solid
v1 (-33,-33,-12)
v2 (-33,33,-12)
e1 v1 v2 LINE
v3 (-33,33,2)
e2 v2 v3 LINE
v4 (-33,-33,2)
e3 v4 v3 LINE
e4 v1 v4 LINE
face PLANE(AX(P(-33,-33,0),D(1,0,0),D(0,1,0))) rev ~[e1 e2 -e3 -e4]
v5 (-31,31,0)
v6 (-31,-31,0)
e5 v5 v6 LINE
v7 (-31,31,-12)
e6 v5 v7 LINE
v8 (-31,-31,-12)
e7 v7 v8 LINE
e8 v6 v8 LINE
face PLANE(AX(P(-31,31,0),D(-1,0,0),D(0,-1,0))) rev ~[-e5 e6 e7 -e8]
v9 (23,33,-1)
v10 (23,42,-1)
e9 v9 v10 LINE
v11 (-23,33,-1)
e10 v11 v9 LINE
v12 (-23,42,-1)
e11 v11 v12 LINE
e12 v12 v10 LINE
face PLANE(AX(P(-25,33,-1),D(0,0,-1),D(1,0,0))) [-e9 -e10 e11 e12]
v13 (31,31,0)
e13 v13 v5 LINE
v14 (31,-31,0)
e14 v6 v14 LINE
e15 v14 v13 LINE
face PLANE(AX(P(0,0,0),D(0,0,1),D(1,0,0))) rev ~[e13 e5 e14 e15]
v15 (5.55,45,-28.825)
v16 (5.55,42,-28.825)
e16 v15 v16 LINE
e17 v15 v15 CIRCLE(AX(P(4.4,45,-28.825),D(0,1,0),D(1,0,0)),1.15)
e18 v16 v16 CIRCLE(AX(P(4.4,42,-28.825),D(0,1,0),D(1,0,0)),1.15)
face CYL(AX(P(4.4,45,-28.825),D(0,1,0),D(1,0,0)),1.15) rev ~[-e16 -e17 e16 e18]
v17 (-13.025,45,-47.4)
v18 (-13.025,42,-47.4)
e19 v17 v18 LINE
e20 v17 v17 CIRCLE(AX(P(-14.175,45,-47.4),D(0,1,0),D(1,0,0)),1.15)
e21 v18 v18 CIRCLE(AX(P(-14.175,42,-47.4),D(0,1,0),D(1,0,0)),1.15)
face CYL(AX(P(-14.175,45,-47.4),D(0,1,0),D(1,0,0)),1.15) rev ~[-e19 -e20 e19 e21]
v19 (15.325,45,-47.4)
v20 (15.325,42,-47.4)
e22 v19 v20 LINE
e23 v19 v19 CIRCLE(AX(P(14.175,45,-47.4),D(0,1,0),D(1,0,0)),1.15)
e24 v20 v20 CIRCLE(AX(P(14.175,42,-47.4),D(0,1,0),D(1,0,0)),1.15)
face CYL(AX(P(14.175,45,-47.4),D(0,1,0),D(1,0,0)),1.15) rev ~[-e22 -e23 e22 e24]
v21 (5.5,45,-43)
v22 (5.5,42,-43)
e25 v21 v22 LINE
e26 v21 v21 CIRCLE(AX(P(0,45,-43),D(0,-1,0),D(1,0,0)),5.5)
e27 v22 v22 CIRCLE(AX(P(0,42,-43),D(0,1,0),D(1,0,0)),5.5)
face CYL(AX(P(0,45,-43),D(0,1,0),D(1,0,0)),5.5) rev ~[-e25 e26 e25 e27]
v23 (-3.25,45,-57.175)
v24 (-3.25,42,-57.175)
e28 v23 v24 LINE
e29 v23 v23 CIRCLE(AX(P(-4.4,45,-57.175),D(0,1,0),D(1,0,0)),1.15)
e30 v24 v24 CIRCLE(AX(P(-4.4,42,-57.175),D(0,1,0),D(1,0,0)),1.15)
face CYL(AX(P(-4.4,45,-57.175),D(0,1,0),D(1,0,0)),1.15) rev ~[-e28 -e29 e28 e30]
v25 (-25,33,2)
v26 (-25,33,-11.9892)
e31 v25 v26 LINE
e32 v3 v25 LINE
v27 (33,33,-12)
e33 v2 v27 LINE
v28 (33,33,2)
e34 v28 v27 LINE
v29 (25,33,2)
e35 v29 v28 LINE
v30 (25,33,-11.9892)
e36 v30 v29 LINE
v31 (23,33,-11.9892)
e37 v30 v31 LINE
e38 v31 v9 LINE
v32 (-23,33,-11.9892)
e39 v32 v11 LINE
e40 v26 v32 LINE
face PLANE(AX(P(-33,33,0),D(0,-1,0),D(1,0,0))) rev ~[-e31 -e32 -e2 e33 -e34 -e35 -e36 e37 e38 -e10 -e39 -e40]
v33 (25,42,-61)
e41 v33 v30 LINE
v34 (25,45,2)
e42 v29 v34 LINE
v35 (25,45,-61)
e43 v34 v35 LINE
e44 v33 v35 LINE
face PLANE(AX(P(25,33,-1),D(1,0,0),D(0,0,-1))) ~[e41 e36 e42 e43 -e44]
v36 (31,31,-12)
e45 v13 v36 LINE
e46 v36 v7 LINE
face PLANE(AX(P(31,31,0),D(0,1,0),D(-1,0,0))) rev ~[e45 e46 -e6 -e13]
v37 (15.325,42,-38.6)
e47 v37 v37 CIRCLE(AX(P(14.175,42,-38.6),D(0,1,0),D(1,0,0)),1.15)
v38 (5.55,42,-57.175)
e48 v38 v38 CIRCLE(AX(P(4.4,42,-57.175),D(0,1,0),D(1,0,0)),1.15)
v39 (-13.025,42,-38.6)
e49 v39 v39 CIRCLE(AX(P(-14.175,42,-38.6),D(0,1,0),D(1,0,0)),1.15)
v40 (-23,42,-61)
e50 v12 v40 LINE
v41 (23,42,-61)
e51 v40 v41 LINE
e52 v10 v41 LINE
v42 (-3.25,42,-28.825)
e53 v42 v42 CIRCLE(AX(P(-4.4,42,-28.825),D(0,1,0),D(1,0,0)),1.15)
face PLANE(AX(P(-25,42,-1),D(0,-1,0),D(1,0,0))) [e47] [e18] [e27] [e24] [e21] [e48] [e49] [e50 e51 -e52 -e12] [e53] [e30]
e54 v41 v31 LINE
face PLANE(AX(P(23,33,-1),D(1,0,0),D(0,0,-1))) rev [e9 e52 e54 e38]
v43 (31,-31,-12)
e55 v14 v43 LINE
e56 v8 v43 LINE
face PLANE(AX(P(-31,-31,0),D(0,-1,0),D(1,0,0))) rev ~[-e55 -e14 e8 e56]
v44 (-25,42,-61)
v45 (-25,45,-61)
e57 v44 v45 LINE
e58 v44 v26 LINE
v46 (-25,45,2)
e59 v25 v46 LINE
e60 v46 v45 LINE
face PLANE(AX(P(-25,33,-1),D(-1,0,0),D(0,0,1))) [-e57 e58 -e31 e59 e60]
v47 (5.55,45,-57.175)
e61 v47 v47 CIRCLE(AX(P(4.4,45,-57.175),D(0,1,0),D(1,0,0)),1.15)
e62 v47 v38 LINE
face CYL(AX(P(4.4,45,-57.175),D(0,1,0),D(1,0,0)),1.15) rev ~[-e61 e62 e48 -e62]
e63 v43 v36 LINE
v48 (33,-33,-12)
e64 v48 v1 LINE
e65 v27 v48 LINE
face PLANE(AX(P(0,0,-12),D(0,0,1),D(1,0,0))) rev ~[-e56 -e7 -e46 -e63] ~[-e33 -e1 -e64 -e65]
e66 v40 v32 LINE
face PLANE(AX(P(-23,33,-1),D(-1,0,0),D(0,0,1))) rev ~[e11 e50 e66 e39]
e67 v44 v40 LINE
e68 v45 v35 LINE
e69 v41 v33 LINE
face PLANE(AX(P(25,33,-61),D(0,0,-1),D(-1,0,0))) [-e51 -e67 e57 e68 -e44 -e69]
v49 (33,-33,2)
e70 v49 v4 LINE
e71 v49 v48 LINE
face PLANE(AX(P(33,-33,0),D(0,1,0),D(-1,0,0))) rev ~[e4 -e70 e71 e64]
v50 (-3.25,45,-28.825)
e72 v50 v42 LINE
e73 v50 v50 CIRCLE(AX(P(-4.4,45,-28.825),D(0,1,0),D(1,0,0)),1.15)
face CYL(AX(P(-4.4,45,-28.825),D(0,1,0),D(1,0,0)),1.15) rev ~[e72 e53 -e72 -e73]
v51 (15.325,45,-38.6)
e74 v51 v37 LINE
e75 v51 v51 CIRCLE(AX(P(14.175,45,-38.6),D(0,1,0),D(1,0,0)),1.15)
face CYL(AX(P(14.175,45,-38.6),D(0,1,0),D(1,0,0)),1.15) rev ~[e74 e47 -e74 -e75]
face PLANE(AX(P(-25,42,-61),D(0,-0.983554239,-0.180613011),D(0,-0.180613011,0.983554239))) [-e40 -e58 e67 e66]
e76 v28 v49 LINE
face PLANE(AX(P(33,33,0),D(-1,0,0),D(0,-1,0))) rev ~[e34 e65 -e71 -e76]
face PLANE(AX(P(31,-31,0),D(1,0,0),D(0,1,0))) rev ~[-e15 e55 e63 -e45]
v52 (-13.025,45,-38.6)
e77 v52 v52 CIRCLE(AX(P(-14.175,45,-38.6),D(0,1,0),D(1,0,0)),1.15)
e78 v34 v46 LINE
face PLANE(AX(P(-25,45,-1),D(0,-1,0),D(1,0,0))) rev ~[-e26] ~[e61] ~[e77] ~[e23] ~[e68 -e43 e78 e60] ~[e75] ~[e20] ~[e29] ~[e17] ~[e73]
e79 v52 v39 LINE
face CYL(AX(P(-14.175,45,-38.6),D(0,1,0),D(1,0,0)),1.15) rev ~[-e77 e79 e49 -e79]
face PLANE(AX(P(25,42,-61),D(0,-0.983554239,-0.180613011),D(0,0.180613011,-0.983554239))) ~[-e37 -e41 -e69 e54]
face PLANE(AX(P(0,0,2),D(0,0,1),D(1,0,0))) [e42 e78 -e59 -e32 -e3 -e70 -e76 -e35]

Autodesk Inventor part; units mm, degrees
ref_plane "YZ Plane" through (0, 0, 0) normal (1, 0, 0) x (0, 1, 0)
ref_plane "XZ Plane" through (0, 0, 0) normal (0, 1, 0) x (-1, 0, 0)
sketch "Sketch1" plane through (0, 0, 0) normal (0, 0, 1) x (1, 0, 0)
  line L0 (-31, -31) -> (31, -31)
  line L1 (31, -31) -> (31, 31)
  line L2 (31, 31) -> (-31, 31)
  line L3 (-31, 31) -> (-31, -31)
  line L4 (-31, -31) -> (31, 31) construction
  line L5 (31, -31) -> (-31, 31) construction
  line L6 (-33, 33) -> (33, 33)
  line L7 (33, 33) -> (33, -33)
  line L8 (33, -33) -> (-33, -33)
  line L9 (-33, -33) -> (-33, 33)
  point P0 (0, 0)
  dimension "d0" = 62
  dimension "d1" = 62
  dimension "d2" = 2
extrude "Extrusion1" add sketch "Sketch1" along normal blind 2 contours L3 L2 L1 L0 | L6 L7 L8 L9
extrude "Extrusion2" add sketch "Sketch1" against normal blind 12
sketch "Sketch2" plane through (-33, 33, 2) normal (0, 1, 0) x (1, 0, 0)
  line L0 (8, 3) -> (58, 3)
  line L1 (58, 3) -> (58, 0)
  line L2 (58, 0) -> (8, 0)
  line L3 (8, 0) -> (8, 3)
  line L4 (0, 14) -> (0, 0) projected
  line L5 (0, 14) -> (66, 14) projected
  point P0 (33, 2)
  dimension "d7" = 50
  dimension "d8" = 3
  dimension "d9" = 8
  dimension "d10" = 11
extrude "Extrusion3" add sketch "Sketch2" along normal blind 12
sketch "Sketch3" plane through (25, 33, -1) normal (0, 0, -1) x (-1, 0, 0)
  line L0 (50, 12) -> (0, 12) projected
  line L1 (50, 0) -> (50, 12) projected
  line L2 (0, 12) -> (50, 12)
  line L3 (50, 12) -> (50, 9)
  line L4 (50, 9) -> (0, 9)
  line L5 (0, 9) -> (0, 12)
  point P0 (25, -33)
  dimension "d13" = 3
extrude "Extrusion4" add sketch "Sketch3" along normal blind 60
sketch "Sketch8" plane through (-25, 33, -1) normal (-1, 0, 0) x (0, 0, 1)
  line L0 (0, 9) -> (-60, 9) projected
  line L1 (0, 9) -> (-60, 9)
  line L2 (-60, 9) -> (-60, 0)
  line L3 (-60, 0) -> (0, 0)
  line L4 (0, 0) -> (0, 9)
  line L5 (-60, 9) -> (-10.9892, 0)
  point P0 (1, -33)
  dimension "d43" = 9
extrude "Extrusion9" add sketch "Sketch8" against normal blind 2 contours L4 L3 L5 L0
ref_plane "Work Plane1" through (0, 33, 2) normal (1, 0, 0) x (0, 0, -1)
mirror "Mirror1" about plane through (0, 33, 2) normal (1, 0, 0) of "Extrusion9"
sketch "Sketch9" plane through (-33, 45, 2) normal (0, 1, 0) x (1, 0, 0)
  circle A0 centre (33, 45) radius 5.5
  circle A1 centre (33, 45) radius 6.45
  circle A2 centre (14.625, 45) radius 2.125
  circle A3 centre (51.375, 45) radius 2.125
  line L0 (14.279, 47.0966) -> (28.2925, 49.4093)
  line L1 (14.2406, 42.9101) -> (28.6201, 40.2652)
  line L2 (51.7217, 47.0965) -> (37.702, 49.4152)
  line L3 (51.7594, 42.9101) -> (37.3799, 40.2652)
  line L4 (33, 45) -> (51.375, 45)
  line L5 (33, 45) -> (14.625, 45)
  circle A4 centre (18.825, 40.6) radius 1.15
  circle A5 centre (47.175, 49.4) radius 1.15
  circle A6 centre (47.175, 45.2183) radius 1.15
  circle A7 centre (18.825, 49.4) radius 1.15
  circle A8 centre (28.6, 30.825) radius 1.15
  circle A9 centre (37.4, 30.825) radius 1.15
  circle A10 centre (32.7817, 59.175) radius 1.15
  circle A11 centre (28.6, 59.175) radius 1.15
  circle A12 centre (47.175, 40.6) radius 1.15
  circle A13 centre (47.175, 49.4) radius 1.15
  circle A14 centre (18.825, 44.7817) radius 1.15
  circle A15 centre (18.825, 40.6) radius 1.15
  circle A16 centre (37.4, 59.175) radius 1.15
  circle A17 centre (28.6, 59.175) radius 1.15
  circle A18 centre (33.2183, 30.825) radius 1.15
  circle A19 centre (37.4, 30.825) radius 1.15
  line L6 (8, 0) -> (58, 0) projected
  line L7 (8, 0) -> (8, 63) projected
  point P0 (33, 2)
  point P1 (7.2363, 31.7405)
  point P2 (37.6183, 45)
  dimension "d48" = 12.9
  dimension "d49" = 4.25
  dimension "d50" = 4.25
  dimension "d51" = 9.15
  dimension "d52" = 9.15
  dimension "d53" = 41
  dimension "d54" = 18.375
  dimension "d55" = 2.3
  dimension "d56" = 4.4
  dimension "d57" = 4.2
  dimension "d58" = 2.3
  dimension "d59" = 4.4
  dimension "d60" = 4.2
  dimension "d62" = 360
  dimension "d64" = 45
  dimension "d67" = 25
extrude "Extrusion10" cut sketch "Sketch9" against normal blind 10 contours A4 | A5 | A7 | A8 | A9 | A11 | A12 | A16
extrude "Extrusion11" cut sketch "Sketch9" against normal blind 10 contours L4 L5 A0 | A0 L5 L4
properties part number "pan_base_holder_third"
